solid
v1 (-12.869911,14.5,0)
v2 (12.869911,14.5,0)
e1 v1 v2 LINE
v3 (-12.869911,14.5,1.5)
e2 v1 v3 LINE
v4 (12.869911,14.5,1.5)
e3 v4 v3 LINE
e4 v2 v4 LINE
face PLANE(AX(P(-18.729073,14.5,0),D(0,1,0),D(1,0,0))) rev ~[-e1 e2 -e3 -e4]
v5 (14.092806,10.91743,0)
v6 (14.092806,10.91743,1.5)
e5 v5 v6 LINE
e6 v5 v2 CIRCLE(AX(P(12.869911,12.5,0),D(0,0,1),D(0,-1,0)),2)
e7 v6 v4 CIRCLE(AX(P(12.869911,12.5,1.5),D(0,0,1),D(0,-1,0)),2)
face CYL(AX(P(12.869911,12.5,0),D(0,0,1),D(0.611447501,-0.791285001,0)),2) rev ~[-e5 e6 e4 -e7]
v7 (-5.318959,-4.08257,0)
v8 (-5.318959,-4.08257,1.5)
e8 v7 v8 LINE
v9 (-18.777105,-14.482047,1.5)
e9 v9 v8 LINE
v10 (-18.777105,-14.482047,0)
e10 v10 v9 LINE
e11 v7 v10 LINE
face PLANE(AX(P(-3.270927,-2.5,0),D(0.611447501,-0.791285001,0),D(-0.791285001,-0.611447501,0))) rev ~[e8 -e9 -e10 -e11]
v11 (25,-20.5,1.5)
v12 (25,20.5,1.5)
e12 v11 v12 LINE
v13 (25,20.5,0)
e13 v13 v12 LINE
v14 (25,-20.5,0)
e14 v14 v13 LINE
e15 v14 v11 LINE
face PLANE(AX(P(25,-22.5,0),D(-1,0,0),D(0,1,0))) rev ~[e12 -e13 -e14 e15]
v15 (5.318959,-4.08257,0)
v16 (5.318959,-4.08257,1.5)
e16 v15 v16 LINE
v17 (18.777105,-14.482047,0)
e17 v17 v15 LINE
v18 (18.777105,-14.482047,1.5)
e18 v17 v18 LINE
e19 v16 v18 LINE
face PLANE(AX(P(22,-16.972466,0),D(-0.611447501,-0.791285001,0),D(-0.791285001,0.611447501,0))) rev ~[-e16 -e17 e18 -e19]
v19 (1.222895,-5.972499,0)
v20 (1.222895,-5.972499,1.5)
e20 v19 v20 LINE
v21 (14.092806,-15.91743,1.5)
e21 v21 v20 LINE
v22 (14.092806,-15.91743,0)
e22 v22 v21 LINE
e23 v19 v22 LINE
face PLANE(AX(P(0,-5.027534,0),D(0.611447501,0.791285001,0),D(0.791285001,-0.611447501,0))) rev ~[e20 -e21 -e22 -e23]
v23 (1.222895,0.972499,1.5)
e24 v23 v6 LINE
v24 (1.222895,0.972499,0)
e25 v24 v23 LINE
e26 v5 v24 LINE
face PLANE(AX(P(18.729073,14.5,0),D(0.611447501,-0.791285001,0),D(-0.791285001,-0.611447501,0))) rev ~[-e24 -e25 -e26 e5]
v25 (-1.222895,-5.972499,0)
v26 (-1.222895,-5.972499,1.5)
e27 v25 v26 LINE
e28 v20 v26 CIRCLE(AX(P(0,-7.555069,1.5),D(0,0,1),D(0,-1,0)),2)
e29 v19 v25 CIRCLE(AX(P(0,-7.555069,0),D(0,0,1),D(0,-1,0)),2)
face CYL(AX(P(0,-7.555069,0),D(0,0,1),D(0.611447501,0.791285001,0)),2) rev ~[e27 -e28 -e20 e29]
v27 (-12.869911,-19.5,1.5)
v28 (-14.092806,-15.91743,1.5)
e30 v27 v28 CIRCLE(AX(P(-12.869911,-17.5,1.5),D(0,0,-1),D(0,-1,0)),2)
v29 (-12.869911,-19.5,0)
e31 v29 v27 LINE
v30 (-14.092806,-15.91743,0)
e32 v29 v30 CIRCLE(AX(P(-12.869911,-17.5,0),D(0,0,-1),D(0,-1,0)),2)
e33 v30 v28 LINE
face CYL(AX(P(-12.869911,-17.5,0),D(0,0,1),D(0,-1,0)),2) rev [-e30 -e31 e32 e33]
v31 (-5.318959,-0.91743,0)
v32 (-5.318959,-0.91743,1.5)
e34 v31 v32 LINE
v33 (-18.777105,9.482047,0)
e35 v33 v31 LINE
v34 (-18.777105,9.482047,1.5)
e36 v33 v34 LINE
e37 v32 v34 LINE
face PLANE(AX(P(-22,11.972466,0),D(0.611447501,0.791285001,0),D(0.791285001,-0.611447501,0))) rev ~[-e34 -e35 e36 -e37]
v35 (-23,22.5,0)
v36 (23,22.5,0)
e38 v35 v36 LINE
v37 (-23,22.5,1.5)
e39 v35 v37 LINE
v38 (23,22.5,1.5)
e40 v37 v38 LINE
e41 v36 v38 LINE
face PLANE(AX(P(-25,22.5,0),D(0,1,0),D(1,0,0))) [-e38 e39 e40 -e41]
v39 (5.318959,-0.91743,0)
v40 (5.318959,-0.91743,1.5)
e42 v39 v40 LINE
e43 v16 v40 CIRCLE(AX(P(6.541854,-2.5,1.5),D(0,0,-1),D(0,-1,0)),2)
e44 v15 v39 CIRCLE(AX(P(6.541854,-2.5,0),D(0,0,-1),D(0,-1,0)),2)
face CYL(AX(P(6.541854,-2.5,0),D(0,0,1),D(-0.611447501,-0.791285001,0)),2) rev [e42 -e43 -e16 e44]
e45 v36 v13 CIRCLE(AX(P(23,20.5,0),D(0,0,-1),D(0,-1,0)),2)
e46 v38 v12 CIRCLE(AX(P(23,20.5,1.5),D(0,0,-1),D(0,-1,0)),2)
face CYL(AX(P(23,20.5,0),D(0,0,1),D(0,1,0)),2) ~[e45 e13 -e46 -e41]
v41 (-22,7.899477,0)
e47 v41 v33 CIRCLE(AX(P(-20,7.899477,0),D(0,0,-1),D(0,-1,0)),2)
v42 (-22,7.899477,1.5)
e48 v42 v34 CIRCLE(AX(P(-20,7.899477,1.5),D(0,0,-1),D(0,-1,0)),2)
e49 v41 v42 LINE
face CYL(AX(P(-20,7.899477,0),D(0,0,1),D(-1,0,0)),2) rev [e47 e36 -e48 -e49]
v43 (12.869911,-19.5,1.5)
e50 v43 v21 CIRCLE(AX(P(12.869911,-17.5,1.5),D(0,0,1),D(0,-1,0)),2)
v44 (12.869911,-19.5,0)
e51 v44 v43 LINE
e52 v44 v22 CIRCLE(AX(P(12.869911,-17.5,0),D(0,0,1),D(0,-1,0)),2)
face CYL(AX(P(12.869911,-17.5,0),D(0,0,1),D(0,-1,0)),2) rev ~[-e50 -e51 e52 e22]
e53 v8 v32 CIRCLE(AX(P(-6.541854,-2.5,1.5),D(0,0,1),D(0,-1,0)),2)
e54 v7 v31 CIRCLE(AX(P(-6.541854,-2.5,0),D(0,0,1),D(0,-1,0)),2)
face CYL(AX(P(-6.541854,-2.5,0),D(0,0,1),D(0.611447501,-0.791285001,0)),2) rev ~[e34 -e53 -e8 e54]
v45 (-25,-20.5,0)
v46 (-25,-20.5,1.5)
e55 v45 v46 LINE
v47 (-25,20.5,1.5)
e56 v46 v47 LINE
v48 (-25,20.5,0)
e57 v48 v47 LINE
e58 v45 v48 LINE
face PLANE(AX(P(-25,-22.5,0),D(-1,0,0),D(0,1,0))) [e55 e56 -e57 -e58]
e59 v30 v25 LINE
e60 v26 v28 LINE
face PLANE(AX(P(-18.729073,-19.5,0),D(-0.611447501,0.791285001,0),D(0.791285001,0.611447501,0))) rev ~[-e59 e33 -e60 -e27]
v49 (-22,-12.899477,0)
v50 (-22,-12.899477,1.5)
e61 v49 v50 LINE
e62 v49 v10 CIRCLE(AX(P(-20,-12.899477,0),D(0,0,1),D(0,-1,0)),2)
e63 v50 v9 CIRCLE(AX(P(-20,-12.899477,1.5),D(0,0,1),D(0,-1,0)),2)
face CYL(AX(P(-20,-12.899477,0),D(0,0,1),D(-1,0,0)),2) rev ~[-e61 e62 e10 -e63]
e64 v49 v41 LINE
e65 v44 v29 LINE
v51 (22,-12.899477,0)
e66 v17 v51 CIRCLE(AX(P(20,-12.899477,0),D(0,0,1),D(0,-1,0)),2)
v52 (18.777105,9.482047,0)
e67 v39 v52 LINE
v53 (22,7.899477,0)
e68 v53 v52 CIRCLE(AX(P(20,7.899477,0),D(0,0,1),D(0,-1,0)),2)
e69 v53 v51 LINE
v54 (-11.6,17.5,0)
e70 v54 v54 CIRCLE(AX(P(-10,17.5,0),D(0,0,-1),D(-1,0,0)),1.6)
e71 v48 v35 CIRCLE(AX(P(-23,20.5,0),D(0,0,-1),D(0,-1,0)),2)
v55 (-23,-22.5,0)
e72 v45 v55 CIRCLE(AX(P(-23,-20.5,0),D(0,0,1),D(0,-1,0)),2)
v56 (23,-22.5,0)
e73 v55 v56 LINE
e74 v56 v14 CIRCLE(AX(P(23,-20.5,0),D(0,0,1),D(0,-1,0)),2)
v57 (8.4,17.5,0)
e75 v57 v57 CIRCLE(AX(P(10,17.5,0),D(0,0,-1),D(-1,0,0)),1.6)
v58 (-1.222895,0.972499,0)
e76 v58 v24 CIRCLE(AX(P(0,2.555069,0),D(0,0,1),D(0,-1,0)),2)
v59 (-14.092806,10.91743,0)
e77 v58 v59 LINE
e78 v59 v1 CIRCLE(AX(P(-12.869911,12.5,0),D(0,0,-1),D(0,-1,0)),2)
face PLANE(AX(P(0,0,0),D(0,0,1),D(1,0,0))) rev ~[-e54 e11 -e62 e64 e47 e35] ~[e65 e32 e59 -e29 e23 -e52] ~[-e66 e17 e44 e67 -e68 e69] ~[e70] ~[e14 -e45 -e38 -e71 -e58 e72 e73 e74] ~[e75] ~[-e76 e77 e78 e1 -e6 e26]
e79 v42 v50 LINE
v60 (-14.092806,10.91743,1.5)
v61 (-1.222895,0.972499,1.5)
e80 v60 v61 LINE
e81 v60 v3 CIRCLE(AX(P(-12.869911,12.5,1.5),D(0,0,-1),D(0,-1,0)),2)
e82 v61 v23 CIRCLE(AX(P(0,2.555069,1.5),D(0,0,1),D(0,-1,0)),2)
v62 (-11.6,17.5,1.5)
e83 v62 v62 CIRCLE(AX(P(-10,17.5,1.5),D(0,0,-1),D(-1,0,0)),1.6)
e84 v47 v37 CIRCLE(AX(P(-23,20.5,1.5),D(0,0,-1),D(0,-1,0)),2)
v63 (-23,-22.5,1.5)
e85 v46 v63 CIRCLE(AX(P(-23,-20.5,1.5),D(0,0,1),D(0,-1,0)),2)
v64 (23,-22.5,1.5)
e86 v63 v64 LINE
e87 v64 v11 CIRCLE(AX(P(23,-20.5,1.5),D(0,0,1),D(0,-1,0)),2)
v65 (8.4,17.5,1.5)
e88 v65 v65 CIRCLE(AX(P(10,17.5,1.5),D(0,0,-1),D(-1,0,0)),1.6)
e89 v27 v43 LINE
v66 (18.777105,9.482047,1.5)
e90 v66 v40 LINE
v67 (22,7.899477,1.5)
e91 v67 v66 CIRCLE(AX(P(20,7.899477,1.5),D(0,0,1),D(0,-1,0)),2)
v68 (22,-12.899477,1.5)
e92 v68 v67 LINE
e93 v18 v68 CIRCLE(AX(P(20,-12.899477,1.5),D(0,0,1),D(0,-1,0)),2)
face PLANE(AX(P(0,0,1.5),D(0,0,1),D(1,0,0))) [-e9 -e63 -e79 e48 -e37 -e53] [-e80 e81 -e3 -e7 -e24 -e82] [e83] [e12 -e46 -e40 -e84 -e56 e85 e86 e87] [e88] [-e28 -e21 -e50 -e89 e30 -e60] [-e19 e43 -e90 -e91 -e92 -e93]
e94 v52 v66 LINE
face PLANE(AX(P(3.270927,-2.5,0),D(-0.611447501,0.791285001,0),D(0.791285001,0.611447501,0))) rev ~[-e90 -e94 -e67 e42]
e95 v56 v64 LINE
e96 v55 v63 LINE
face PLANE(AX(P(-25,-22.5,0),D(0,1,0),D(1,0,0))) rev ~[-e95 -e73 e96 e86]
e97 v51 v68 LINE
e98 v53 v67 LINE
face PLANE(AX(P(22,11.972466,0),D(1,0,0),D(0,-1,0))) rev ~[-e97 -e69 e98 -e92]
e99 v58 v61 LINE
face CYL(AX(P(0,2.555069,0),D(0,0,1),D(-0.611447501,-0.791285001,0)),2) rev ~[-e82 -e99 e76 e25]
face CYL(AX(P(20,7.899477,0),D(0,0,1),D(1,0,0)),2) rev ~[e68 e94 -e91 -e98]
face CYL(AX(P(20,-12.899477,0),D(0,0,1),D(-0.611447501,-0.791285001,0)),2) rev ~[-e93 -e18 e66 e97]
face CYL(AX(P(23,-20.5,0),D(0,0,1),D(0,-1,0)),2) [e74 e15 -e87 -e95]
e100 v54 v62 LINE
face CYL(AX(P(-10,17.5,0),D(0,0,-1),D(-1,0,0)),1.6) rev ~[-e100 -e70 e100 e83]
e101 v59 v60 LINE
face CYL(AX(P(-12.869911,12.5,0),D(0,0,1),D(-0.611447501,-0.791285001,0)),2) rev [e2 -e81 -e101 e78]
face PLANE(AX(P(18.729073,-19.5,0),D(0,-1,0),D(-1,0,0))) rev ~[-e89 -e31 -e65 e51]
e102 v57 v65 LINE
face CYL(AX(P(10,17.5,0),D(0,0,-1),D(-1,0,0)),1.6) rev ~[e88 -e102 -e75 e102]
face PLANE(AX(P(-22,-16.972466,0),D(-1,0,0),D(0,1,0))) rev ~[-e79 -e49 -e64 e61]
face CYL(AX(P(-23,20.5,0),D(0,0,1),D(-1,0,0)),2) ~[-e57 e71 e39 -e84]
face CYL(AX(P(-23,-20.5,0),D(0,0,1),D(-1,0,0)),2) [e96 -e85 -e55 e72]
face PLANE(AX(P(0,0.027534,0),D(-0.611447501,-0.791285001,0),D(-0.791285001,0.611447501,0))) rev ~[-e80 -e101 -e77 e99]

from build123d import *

# Parameters (mm, degrees)
SKETCH_1_W          = 50
SKETCH_1_H          = 45
EXTRUDE_1_DEPTH     = 1.5
SKETCH_2_R          = 1.6
CUT_EXTRUDE_1_DEPTH = 2
FILLET_1_R          = 2


with BuildPart() as part:
    # 草图1 → 凸台-拉伸1 (new body)
    with BuildSketch(Plane.XY):
        Rectangle(SKETCH_1_W, SKETCH_1_H)
    extrude(amount=EXTRUDE_1_DEPTH)

    # 草图2 → 切除-拉伸1 (cut)
    with BuildSketch(Plane(origin=(0, 0, 0), x_dir=(-1, 0, 0), z_dir=(0, 0, -1))):
        Polygon((18.72907323, 14.5), (-18.72907323, 14.5), (0, 0.027534323), align=None)
        Polygon((-3.27092677, -2.5), (-22, 11.972465677), (-22, -16.972465677), align=None)
        Polygon((18.72907323, -19.5), (0, -5.027534323), (-18.72907323, -19.5), align=None)
        Polygon((22, 11.972465677), (3.27092677, -2.5), (22, -16.972465677), align=None)
        with Locations((-10, 17.5)):
            Circle(SKETCH_2_R)
        with Locations((10, 17.5)):
            Circle(SKETCH_2_R)
    extrude(amount=-CUT_EXTRUDE_1_DEPTH, mode=Mode.SUBTRACT)

    # 圆角1
    fillet_1_edges = [part.edges().sort_by_distance(p)[0] for p in [
        (-3.27092677, -2.5, 0.75),
        (-22, 11.972465677, 0.75),
        (-22, -16.972465677, 0.75),
        (22, -16.972465677, 0.75),
        (22, 11.972465677, 0.75),
        (3.27092677, -2.5, 0.75),
        (18.72907323, -19.5, 0.75),
        (0, -5.027534323, 0.75),
        (-18.72907323, -19.5, 0.75),
        (0, 0.027534323, 0.75),
        (18.72907323, 14.5, 0.75),
        (-18.72907323, 14.5, 0.75),
        (25, -22.5, 0.75),
        (-25, -22.5, 0.75),
        (-25, 22.5, 0.75),
        (25, 22.5, 0.75),
    ]]
    fillet(fillet_1_edges, radius=FILLET_1_R)


solid = part.part
